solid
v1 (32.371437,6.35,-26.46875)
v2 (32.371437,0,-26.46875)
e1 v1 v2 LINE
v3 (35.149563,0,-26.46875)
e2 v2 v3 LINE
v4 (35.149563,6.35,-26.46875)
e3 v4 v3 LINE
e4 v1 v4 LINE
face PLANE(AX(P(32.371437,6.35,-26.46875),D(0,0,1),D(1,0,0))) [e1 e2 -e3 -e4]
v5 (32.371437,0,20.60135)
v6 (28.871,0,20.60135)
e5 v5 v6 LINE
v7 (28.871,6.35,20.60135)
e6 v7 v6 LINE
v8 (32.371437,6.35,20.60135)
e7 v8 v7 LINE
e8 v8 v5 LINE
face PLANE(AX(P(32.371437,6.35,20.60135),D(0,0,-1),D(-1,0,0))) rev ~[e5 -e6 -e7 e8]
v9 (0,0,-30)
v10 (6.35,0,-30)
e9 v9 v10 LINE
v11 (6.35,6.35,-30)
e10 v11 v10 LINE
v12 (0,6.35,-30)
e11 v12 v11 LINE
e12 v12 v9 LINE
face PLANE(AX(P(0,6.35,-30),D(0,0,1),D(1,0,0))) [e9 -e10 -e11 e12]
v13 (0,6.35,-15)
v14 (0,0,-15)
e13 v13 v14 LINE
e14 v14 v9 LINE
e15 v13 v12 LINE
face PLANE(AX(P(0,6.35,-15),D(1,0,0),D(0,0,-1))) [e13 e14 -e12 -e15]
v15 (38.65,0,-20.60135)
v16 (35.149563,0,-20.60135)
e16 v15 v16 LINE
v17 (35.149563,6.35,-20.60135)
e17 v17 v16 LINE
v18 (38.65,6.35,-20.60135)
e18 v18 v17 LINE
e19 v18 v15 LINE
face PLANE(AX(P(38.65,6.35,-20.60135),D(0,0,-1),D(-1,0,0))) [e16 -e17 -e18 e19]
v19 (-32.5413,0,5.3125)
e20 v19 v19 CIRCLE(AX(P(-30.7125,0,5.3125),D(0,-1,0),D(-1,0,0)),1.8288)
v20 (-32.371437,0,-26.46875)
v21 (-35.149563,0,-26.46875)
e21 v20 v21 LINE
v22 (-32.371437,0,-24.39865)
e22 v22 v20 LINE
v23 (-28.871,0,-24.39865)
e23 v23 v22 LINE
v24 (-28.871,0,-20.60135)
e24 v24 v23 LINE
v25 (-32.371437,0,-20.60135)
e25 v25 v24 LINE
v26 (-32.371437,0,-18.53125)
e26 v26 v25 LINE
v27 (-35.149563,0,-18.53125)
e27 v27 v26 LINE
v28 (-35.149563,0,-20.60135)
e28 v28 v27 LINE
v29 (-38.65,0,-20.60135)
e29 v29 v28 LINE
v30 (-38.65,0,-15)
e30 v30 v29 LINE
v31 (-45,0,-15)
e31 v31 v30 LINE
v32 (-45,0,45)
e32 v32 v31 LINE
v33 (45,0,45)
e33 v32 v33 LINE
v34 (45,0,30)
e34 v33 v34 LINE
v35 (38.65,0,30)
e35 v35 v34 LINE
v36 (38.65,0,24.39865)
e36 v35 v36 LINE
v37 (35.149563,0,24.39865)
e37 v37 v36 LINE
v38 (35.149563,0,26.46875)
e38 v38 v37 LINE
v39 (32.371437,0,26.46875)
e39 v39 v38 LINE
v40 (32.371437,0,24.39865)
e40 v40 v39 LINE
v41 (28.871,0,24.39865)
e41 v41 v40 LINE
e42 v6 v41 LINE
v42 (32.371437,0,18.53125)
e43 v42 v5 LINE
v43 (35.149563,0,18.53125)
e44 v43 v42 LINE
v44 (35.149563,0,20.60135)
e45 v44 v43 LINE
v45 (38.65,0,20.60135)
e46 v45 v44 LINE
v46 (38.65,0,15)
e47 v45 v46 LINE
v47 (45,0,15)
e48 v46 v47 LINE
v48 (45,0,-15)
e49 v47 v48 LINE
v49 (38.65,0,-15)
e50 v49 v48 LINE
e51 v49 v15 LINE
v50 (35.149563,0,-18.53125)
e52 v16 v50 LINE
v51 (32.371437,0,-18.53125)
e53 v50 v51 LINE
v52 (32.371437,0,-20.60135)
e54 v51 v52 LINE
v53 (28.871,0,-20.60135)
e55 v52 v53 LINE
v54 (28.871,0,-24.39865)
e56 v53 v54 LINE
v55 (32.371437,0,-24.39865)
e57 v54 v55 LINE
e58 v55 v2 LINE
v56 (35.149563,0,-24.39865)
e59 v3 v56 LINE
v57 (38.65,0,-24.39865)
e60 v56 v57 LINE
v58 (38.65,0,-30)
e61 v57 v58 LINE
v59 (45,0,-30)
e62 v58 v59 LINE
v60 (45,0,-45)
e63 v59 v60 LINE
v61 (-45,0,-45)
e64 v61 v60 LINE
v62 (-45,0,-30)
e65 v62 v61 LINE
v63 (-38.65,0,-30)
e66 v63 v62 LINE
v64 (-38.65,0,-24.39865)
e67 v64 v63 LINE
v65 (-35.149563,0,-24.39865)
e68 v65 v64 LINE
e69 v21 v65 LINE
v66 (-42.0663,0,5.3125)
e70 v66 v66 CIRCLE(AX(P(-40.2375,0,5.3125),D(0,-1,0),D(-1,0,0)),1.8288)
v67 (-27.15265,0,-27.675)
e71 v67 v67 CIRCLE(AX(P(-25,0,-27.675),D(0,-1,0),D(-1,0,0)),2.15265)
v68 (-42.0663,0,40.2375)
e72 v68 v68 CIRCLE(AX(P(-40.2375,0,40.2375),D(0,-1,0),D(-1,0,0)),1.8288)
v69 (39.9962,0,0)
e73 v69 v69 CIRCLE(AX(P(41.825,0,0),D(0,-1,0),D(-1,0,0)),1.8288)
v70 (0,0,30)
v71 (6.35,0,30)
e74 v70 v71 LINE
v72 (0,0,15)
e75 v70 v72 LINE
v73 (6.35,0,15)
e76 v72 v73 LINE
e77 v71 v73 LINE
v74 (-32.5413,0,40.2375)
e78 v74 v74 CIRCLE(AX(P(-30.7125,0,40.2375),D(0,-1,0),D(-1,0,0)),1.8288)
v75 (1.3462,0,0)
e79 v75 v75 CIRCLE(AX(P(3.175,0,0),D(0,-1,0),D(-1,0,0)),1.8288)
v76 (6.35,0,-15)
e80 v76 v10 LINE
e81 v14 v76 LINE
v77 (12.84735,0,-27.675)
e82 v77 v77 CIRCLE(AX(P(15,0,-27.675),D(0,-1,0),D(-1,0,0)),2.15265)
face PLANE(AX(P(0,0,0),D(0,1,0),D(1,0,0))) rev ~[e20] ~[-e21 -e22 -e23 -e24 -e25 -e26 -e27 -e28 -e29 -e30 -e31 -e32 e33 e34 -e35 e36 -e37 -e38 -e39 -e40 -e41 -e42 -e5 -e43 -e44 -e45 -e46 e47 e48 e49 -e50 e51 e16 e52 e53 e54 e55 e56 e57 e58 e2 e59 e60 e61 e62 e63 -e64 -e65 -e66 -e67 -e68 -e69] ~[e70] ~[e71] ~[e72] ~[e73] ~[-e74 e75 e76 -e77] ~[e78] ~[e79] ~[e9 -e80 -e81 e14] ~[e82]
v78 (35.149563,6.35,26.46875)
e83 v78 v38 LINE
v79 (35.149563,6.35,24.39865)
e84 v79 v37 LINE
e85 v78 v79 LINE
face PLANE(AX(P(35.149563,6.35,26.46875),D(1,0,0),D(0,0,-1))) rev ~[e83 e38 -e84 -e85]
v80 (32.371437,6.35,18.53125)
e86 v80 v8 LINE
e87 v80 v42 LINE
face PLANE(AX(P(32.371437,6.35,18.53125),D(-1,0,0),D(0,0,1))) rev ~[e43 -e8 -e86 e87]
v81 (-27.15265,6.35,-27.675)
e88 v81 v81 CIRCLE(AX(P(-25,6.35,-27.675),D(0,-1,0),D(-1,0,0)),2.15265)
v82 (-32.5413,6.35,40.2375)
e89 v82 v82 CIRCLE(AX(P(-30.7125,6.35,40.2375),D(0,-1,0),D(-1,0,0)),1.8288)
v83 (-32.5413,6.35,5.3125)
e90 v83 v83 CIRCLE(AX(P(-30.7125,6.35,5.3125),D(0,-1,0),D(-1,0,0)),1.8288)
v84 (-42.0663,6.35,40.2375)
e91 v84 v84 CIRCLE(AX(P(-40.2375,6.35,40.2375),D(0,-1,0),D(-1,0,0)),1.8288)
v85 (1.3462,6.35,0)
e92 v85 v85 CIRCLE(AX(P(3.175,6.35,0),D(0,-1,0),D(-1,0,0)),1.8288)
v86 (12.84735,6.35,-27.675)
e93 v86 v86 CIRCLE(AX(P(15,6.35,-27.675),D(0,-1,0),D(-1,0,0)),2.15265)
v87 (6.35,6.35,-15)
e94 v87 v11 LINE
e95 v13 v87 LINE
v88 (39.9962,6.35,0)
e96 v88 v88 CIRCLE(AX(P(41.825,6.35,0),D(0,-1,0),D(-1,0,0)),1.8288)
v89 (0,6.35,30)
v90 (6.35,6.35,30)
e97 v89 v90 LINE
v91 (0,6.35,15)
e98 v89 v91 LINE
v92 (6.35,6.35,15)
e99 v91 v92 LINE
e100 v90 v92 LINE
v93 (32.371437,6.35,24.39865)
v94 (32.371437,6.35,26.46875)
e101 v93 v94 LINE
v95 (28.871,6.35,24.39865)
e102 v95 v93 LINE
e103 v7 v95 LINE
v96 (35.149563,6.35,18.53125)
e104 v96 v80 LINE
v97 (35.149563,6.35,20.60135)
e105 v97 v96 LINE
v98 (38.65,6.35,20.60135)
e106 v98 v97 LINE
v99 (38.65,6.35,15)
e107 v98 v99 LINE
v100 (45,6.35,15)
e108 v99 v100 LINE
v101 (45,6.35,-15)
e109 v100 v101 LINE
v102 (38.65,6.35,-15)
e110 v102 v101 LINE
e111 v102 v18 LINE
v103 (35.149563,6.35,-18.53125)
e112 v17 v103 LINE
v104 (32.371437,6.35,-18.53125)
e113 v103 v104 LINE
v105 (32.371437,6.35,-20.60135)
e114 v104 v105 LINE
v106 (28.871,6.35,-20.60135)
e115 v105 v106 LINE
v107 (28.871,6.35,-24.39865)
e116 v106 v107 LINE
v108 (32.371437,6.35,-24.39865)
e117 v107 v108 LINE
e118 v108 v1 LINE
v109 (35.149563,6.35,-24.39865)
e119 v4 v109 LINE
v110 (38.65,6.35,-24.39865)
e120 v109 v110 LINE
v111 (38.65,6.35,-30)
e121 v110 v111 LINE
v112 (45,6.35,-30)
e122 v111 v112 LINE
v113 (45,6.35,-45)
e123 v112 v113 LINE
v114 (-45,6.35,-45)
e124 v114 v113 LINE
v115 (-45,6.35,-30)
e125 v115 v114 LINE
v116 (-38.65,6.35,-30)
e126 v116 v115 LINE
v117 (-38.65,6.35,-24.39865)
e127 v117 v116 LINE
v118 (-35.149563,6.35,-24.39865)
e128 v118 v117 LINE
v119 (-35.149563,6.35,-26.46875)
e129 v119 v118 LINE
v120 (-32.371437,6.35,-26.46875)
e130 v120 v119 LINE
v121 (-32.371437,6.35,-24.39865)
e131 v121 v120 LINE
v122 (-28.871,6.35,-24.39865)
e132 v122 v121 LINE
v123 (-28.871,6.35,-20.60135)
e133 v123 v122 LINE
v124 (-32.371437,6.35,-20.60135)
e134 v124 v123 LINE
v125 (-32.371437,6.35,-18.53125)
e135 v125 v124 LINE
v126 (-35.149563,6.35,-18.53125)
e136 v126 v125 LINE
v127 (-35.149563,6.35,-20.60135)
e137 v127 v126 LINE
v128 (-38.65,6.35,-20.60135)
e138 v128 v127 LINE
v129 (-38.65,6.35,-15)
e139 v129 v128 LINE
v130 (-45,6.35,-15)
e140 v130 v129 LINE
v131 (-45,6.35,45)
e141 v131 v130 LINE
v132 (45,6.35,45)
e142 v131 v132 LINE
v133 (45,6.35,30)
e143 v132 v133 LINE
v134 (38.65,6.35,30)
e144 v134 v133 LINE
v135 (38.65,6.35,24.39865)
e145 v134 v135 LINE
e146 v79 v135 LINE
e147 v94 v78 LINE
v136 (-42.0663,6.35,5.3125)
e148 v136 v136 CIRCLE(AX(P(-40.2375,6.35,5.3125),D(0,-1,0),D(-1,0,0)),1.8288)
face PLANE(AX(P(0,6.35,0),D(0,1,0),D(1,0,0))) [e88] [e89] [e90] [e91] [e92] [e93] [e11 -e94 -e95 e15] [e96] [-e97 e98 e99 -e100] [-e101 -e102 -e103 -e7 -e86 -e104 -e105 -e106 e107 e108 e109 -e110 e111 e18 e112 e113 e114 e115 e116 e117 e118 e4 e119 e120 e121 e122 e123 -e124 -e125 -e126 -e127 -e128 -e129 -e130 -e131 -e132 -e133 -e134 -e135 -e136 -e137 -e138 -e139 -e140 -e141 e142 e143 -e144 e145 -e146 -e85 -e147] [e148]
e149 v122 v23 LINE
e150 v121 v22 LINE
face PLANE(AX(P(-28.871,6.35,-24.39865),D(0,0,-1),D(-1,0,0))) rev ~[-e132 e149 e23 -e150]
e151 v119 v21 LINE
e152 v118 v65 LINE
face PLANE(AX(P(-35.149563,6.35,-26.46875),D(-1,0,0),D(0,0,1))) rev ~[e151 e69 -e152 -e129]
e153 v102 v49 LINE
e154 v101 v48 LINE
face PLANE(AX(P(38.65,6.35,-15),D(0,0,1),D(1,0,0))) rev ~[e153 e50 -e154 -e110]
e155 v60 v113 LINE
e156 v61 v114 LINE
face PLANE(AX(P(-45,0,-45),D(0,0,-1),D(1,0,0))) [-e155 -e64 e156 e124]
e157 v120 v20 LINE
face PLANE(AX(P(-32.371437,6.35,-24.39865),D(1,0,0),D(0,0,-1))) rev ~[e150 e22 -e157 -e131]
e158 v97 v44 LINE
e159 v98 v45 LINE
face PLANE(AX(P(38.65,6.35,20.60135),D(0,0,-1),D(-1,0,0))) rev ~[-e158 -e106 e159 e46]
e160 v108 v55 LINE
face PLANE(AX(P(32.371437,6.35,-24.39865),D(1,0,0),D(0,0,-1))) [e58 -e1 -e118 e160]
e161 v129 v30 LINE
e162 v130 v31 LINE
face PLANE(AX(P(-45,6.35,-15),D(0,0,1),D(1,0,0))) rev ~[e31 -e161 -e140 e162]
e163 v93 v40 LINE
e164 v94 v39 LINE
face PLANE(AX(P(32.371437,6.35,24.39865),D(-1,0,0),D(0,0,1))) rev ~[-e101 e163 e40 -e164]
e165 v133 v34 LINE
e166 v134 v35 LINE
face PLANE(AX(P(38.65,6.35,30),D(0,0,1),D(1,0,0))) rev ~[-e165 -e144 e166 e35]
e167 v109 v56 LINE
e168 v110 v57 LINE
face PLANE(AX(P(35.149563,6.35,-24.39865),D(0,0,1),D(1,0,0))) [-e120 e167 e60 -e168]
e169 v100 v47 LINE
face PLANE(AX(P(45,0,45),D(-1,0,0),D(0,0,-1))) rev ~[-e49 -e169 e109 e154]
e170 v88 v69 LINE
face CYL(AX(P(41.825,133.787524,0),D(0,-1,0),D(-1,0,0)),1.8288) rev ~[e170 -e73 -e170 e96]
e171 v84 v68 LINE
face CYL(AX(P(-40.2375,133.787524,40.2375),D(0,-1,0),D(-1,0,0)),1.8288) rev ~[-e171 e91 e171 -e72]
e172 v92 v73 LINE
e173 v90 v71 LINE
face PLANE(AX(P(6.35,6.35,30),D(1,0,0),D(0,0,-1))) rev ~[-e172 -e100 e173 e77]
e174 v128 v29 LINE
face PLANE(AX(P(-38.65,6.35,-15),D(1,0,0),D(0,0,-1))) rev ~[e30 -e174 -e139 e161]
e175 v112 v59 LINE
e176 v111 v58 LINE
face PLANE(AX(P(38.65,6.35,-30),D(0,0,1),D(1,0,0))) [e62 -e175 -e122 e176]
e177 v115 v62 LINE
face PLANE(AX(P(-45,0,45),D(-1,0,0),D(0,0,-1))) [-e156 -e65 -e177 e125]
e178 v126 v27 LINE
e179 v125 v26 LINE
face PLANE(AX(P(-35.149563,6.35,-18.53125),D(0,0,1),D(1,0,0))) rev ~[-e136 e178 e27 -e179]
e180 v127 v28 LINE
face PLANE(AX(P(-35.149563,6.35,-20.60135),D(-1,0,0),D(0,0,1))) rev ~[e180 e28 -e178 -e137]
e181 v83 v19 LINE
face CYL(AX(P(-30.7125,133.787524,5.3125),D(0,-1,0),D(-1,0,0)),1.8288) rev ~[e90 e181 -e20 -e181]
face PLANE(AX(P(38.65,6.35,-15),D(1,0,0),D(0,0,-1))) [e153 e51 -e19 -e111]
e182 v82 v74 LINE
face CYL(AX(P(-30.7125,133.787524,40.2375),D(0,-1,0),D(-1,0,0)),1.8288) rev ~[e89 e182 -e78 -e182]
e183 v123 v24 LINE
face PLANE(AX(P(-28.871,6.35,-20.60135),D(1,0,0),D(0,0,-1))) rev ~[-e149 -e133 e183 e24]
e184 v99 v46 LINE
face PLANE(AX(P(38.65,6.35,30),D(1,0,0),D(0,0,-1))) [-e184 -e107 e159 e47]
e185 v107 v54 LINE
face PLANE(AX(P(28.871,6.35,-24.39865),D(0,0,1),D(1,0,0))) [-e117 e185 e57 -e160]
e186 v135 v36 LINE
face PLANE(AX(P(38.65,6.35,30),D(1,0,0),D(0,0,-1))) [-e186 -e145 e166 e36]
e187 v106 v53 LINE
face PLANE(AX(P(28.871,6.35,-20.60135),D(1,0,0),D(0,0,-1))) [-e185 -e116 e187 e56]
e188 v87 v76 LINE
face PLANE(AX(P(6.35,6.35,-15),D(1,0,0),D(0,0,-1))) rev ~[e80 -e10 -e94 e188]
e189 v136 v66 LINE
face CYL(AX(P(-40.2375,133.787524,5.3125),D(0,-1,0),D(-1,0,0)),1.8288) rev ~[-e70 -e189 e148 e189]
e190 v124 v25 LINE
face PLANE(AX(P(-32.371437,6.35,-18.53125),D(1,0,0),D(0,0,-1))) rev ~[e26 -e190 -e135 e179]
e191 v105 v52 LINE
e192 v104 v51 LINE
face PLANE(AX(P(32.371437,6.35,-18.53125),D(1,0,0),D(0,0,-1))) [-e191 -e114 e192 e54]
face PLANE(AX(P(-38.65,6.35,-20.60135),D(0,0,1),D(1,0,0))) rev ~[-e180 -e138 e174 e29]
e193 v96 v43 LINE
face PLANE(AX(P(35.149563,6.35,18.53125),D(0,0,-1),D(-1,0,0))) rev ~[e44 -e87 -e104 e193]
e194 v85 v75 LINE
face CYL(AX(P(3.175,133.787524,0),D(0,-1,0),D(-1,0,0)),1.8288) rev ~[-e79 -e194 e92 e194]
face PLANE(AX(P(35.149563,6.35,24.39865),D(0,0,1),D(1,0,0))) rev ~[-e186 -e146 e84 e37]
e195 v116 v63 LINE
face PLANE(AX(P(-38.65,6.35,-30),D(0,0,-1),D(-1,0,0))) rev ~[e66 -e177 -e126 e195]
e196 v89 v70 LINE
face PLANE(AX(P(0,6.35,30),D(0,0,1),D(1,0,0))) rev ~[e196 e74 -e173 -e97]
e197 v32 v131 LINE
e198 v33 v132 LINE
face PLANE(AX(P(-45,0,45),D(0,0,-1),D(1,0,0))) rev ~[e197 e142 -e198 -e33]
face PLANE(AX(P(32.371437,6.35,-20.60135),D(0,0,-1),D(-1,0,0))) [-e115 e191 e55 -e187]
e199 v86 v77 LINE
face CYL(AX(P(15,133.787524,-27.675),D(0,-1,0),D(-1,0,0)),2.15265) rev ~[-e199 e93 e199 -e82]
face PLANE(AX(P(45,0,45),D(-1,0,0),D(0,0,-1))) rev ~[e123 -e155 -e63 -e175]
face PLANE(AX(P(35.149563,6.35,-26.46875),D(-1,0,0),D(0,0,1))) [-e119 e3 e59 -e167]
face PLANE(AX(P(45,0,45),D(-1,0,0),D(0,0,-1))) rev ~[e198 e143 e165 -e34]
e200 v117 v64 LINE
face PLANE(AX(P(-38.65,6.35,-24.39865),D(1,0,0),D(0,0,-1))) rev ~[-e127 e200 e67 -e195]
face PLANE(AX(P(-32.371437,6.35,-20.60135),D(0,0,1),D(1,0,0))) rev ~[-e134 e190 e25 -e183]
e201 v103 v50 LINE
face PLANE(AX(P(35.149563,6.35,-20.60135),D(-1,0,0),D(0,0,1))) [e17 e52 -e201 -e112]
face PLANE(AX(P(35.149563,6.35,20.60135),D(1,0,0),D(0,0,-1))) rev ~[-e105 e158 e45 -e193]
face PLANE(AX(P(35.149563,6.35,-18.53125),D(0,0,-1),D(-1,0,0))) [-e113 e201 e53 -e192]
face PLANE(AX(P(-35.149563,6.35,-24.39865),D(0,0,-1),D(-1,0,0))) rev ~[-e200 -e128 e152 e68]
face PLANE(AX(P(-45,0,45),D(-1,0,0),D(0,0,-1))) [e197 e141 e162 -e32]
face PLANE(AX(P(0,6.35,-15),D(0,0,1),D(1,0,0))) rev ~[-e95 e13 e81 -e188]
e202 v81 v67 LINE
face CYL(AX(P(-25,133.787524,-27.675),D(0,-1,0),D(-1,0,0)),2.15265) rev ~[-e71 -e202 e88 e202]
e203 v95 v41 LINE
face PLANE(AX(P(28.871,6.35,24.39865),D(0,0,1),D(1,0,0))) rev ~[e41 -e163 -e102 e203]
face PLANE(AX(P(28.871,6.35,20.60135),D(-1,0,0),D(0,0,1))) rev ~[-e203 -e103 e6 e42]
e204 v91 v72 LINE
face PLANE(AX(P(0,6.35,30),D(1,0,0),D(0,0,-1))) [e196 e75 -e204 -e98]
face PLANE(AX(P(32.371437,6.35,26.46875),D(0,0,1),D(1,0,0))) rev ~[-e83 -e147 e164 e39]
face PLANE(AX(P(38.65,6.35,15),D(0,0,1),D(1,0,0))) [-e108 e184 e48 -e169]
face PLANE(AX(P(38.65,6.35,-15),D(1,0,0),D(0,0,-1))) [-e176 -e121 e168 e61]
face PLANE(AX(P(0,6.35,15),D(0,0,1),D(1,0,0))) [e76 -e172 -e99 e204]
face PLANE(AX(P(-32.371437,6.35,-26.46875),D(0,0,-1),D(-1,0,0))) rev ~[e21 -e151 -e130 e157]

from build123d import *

# Parameters (mm, degrees)
SKETCH1_W             = 90
SKETCH1_H             = 90
BOSS_EXTRUDE1_DEPTH   = 6.35
F_6_CLEARANCE_HOLE1_D = 3.6576
LPATTERN1_COUNT       = 2
LPATTERN1_PITCH       = 34.925
LPATTERN1_COUNT_DIR2  = 2
LPATTERN1_PITCH_DIR2  = 9.525
F_8_CLEARANCE_HOLE1_D = 4.3053
SKETCH7_W             = 6.35
SKETCH7_H             = 15
CUT_EXTRUDE1_DEPTH    = 64.95562915
F_6_CLEARANCE_HOLE2_D = 3.6576
CUT_EXTRUDE2_DEPTH    = 64.95562915
CUT_EXTRUDE3_DEPTH    = 64.95562915


with BuildPart() as part:
    # Sketch1 → Boss-Extrude1 (new body)
    with BuildSketch(Plane(origin=(0, 0, 0), x_dir=(1, 0, 0), z_dir=(0, 1, 0))):
        Rectangle(SKETCH1_W, SKETCH1_H)
    extrude(amount=BOSS_EXTRUDE1_DEPTH)

    # #6 Clearance Hole1 (through all)
    with Locations(Plane(origin=(0, 6.35, 0), x_dir=(1, 0, 0), z_dir=(0, 1, 0))):
        with Locations((-40.2375, -40.2375)):
            f_6_clearance_hole1 = Hole(F_6_CLEARANCE_HOLE1_D / 2)

    # LPattern1: 6 Clearance Hole1 2 × 2
    with Locations(*[(j * LPATTERN1_PITCH_DIR2, 0, -i * LPATTERN1_PITCH) for i in range(LPATTERN1_COUNT) for j in range(LPATTERN1_COUNT_DIR2) if (i, j) != (0, 0)]):
        add(f_6_clearance_hole1, mode=Mode.SUBTRACT)

    # #8 Clearance Hole1 (through all)
    with Locations(Plane(origin=(0, 6.35, 0), x_dir=(1, 0, 0), z_dir=(0, 1, 0))):
        with Locations((-25, 27.675), (15, 27.675)):
            Hole(F_8_CLEARANCE_HOLE1_D / 2)

    # Sketch7 → Cut-Extrude1 (cut, through all)
    with BuildSketch(Plane(origin=(0, 6.35, 0), x_dir=(1, 0, 0), z_dir=(0, 1, 0))):
        with Locations((3.175, -22.5)):
            Rectangle(SKETCH7_W, SKETCH7_H)
        with Locations((3.175, 22.5)):
            Rectangle(SKETCH7_W, SKETCH7_H)
        with Locations((41.825, -22.5)):
            Rectangle(SKETCH7_W, SKETCH7_H)
        with Locations((41.825, 22.5)):
            Rectangle(SKETCH7_W, SKETCH7_H)
    extrude(amount=-CUT_EXTRUDE1_DEPTH, mode=Mode.SUBTRACT)

    # #6 Clearance Hole2 (through all)
    with Locations(Plane(origin=(0, 6.35, 0), x_dir=(1, 0, 0), z_dir=(0, 1, 0))):
        with Locations((41.825, 0), (3.175, 0)):
            Hole(F_6_CLEARANCE_HOLE2_D / 2)

    # Sketch10 → Cut-Extrude2 (cut, through all)
    with BuildSketch(Plane(origin=(0, 6.35, 0), x_dir=(1, 0, 0), z_dir=(0, 1, 0))):
        Polygon((28.871, -20.60135), (28.871, -24.39865), (32.3714375, -24.39865), (32.3714375, -26.46875), (35.1495625, -26.46875), (35.1495625, -24.39865), (38.65, -24.39865), (38.65, -20.60135), (35.1495625, -20.60135), (35.1495625, -18.53125), (32.3714375, -18.53125), (32.3714375, -20.60135), align=None)
        Polygon((38.65, 24.39865), (38.65, 20.60135), (35.1495625, 20.60135), (35.1495625, 18.53125), (32.3714375, 18.53125), (32.3714375, 20.60135), (28.871, 20.60135), (28.871, 24.39865), (32.3714375, 24.39865), (32.3714375, 26.46875), (35.1495625, 26.46875), (35.1495625, 24.39865), align=None)
    extrude(amount=-CUT_EXTRUDE2_DEPTH, mode=Mode.SUBTRACT)

    # Sketch11 → Cut-Extrude3 (cut, through all)
    with BuildSketch(Plane(origin=(0, 6.35, 0), x_dir=(1, 0, 0), z_dir=(0, 1, 0))):
        Polygon((-45, 15), (-38.65, 15), (-38.65, 20.60135), (-35.1495625, 20.60135), (-35.1495625, 18.53125), (-32.3714375, 18.53125), (-32.3714375, 20.60135), (-28.871, 20.60135), (-28.871, 24.39865), (-32.3714375, 24.39865), (-32.3714375, 26.46875), (-35.1495625, 26.46875), (-35.1495625, 24.39865), (-38.65, 24.39865), (-38.65, 30), (-45, 30), align=None)
    extrude(amount=-CUT_EXTRUDE3_DEPTH, mode=Mode.SUBTRACT)


solid = part.part
